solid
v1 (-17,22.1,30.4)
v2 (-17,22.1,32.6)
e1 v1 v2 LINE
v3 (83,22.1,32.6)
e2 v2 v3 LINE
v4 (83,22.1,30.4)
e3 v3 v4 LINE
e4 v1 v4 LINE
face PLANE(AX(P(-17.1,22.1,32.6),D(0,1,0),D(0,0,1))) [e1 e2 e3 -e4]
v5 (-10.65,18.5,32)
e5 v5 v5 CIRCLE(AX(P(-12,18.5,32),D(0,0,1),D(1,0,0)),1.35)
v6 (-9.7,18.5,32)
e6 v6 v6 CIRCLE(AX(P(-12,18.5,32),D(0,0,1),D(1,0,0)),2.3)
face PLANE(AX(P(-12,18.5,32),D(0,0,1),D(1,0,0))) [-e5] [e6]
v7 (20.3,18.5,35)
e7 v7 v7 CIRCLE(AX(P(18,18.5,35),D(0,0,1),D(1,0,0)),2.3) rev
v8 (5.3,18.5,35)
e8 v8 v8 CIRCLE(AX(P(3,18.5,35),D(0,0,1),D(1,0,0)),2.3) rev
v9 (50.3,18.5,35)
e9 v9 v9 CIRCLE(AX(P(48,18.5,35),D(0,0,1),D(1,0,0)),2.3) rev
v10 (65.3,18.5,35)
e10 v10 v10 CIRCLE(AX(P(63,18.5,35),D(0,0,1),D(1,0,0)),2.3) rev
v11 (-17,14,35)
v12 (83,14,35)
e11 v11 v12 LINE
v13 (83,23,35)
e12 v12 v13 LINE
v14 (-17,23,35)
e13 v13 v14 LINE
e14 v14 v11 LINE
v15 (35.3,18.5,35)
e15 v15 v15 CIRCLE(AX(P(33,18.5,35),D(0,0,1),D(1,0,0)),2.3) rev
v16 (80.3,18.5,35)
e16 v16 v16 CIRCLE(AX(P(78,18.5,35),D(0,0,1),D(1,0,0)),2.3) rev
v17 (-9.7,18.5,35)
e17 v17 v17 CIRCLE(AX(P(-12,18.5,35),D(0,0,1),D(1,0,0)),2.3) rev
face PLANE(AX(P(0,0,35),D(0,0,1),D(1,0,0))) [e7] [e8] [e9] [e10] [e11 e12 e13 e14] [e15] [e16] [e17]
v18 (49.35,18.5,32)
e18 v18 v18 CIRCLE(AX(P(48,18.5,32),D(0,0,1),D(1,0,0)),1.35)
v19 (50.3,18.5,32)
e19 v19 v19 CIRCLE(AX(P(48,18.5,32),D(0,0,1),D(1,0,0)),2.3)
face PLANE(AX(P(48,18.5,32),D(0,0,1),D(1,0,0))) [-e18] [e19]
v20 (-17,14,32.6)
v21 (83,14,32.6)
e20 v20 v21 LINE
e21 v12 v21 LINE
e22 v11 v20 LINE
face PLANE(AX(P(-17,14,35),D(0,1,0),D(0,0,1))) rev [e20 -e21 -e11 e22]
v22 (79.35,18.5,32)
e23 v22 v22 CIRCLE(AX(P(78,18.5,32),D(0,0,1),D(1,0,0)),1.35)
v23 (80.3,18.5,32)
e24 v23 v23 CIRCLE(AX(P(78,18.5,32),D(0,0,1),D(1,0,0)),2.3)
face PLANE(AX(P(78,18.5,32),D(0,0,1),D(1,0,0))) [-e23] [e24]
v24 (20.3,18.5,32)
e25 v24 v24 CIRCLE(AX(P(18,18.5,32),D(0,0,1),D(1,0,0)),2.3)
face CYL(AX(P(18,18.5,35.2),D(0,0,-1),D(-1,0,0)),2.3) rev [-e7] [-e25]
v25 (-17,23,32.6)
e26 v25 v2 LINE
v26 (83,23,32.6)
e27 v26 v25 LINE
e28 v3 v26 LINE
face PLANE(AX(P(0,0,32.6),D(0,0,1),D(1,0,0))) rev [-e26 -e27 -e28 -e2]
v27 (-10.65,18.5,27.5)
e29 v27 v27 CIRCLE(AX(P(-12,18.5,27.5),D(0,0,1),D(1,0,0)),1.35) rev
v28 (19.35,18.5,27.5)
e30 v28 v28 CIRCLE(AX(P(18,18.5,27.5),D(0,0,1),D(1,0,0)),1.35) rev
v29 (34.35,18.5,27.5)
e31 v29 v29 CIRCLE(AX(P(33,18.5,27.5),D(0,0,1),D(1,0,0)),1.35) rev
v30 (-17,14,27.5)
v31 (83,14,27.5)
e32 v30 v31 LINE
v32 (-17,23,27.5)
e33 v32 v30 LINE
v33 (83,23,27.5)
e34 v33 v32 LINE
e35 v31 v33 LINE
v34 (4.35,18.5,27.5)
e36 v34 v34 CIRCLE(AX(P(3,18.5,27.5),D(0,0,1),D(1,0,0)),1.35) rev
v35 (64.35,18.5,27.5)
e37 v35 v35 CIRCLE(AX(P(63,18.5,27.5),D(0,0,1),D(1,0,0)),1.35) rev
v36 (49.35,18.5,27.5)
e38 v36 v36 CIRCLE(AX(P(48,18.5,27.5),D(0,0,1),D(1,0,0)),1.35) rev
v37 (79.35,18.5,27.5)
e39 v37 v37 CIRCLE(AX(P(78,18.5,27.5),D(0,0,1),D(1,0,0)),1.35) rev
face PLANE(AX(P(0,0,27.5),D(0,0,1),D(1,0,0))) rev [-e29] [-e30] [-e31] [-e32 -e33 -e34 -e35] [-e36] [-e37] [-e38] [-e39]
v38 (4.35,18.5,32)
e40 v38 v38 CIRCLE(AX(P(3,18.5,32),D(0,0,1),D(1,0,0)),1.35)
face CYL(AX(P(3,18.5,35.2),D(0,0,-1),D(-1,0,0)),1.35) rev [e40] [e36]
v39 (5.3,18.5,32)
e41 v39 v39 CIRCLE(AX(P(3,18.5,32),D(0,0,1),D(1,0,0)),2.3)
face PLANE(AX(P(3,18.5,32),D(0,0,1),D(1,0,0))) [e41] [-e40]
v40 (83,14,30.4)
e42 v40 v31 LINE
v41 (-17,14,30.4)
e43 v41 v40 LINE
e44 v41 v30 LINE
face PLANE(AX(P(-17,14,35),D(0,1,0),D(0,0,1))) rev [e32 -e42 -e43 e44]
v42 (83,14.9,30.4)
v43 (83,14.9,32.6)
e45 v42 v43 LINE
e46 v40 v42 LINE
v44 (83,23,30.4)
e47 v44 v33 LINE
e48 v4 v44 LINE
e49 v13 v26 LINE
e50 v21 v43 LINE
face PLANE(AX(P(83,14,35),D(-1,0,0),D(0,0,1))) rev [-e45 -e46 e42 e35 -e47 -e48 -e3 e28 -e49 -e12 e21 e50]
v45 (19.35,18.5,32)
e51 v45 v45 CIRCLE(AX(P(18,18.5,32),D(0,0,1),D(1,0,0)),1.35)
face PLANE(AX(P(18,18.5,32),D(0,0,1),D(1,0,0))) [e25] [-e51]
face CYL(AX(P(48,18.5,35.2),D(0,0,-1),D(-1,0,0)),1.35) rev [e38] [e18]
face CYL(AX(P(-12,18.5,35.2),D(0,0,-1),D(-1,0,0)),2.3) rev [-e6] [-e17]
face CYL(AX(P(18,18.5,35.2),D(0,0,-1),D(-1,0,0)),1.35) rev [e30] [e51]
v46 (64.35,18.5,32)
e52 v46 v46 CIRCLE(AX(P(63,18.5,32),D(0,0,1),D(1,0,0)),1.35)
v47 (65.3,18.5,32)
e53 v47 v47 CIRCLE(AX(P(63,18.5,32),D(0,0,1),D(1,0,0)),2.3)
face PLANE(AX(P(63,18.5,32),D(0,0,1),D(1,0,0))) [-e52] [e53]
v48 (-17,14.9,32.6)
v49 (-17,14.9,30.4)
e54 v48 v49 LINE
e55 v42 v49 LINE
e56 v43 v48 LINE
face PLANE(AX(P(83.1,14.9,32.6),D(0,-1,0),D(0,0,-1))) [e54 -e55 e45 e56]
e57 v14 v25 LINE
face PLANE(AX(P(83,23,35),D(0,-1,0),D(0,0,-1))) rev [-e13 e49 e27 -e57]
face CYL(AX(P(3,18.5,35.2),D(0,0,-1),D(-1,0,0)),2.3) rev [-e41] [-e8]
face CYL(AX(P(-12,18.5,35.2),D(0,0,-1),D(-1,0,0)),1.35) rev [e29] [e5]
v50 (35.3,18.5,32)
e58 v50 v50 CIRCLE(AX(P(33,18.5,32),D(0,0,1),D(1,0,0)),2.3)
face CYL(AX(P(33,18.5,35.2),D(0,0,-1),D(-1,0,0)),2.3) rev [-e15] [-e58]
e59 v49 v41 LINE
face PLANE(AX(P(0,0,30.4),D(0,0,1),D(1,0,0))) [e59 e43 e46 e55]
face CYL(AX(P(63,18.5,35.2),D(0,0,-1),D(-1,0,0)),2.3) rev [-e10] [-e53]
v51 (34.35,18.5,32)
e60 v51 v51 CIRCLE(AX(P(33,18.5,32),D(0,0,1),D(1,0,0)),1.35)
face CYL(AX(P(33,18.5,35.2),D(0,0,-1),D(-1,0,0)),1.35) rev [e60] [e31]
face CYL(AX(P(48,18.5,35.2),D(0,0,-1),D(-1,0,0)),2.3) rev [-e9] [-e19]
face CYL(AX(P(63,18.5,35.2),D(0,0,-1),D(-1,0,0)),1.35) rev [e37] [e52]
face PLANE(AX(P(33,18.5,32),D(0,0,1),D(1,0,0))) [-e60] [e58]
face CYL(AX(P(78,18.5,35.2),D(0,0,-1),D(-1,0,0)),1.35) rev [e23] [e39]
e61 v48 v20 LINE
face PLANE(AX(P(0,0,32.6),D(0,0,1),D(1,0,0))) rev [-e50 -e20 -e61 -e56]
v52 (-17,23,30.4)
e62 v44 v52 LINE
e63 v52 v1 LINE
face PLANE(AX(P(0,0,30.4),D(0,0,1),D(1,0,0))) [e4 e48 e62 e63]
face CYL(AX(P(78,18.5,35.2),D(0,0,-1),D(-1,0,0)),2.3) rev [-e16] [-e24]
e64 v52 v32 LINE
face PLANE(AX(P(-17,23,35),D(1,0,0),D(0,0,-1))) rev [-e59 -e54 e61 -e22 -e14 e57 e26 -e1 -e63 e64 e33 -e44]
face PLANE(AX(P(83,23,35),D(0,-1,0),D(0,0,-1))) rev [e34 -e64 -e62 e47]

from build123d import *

# Parameters (mm, degrees)
F_100_START                            = 27.5
F_100_MM_RAIL_BLANK_PROFILE_W          = 100
F_100_MM_RAIL_BLANK_PROFILE_H          = 9
F_100_MM_RAIL_BLANK_DEPTH              = 7.5
LONGITUDINAL_START                     = 30.4
LONGITUDINAL_RUNNING_GROOVES_PROFILE_W = 100.2
LONGITUDINAL_RUNNING_GROOVES_PROFILE_H = 1.4
LONGITUDINAL_RUNNING_GROOVES_DEPTH     = 2.2
RAIL_START                             = 27.4
RAIL_BOLT_CLEARANCE_PROFILE_R          = 1.35
RAIL_BOLT_CLEARANCE_DEPTH              = 7.8
RAIL_START_2                           = 32
RAIL_HEAD_RECESSES_PROFILE_R           = 2.3
RAIL_HEAD_RECESSES_DEPTH               = 3.2


with BuildPart() as part:
    # 100 mm rail blank profile → 100 mm rail blank (new body)
    with BuildSketch(Plane.XY.offset(F_100_START)):
        with Locations((33, 18.5)):
            Rectangle(F_100_MM_RAIL_BLANK_PROFILE_W, F_100_MM_RAIL_BLANK_PROFILE_H)
    extrude(amount=F_100_MM_RAIL_BLANK_DEPTH)

    # Longitudinal running grooves profile → Longitudinal running grooves (cut)
    with BuildSketch(Plane.XY.offset(LONGITUDINAL_START)):
        with Locations((33, 14.2)):
            Rectangle(LONGITUDINAL_RUNNING_GROOVES_PROFILE_W, LONGITUDINAL_RUNNING_GROOVES_PROFILE_H)
        with Locations((33, 22.8)):
            Rectangle(LONGITUDINAL_RUNNING_GROOVES_PROFILE_W, LONGITUDINAL_RUNNING_GROOVES_PROFILE_H)
    extrude(amount=LONGITUDINAL_RUNNING_GROOVES_DEPTH, mode=Mode.SUBTRACT)

    # Rail bolt clearance profile → Rail bolt clearance (cut)
    with BuildSketch(Plane.XY.offset(RAIL_START)):
        with Locations((-12, 18.5)):
            Circle(RAIL_BOLT_CLEARANCE_PROFILE_R)
        with Locations((3, 18.5)):
            Circle(RAIL_BOLT_CLEARANCE_PROFILE_R)
        with Locations((18, 18.5)):
            Circle(RAIL_BOLT_CLEARANCE_PROFILE_R)
        with Locations((33, 18.5)):
            Circle(RAIL_BOLT_CLEARANCE_PROFILE_R)
        with Locations((48, 18.5)):
            Circle(RAIL_BOLT_CLEARANCE_PROFILE_R)
        with Locations((63, 18.5)):
            Circle(RAIL_BOLT_CLEARANCE_PROFILE_R)
        with Locations((78, 18.5)):
            Circle(RAIL_BOLT_CLEARANCE_PROFILE_R)
    extrude(amount=RAIL_BOLT_CLEARANCE_DEPTH, mode=Mode.SUBTRACT)

    # Rail head recesses profile → Rail head recesses (cut)
    with BuildSketch(Plane.XY.offset(RAIL_START_2)):
        with Locations((-12, 18.5)):
            Circle(RAIL_HEAD_RECESSES_PROFILE_R)
        with Locations((3, 18.5)):
            Circle(RAIL_HEAD_RECESSES_PROFILE_R)
        with Locations((18, 18.5)):
            Circle(RAIL_HEAD_RECESSES_PROFILE_R)
        with Locations((33, 18.5)):
            Circle(RAIL_HEAD_RECESSES_PROFILE_R)
        with Locations((48, 18.5)):
            Circle(RAIL_HEAD_RECESSES_PROFILE_R)
        with Locations((63, 18.5)):
            Circle(RAIL_HEAD_RECESSES_PROFILE_R)
        with Locations((78, 18.5)):
            Circle(RAIL_HEAD_RECESSES_PROFILE_R)
    extrude(amount=RAIL_HEAD_RECESSES_DEPTH, mode=Mode.SUBTRACT)


solid = part.part
